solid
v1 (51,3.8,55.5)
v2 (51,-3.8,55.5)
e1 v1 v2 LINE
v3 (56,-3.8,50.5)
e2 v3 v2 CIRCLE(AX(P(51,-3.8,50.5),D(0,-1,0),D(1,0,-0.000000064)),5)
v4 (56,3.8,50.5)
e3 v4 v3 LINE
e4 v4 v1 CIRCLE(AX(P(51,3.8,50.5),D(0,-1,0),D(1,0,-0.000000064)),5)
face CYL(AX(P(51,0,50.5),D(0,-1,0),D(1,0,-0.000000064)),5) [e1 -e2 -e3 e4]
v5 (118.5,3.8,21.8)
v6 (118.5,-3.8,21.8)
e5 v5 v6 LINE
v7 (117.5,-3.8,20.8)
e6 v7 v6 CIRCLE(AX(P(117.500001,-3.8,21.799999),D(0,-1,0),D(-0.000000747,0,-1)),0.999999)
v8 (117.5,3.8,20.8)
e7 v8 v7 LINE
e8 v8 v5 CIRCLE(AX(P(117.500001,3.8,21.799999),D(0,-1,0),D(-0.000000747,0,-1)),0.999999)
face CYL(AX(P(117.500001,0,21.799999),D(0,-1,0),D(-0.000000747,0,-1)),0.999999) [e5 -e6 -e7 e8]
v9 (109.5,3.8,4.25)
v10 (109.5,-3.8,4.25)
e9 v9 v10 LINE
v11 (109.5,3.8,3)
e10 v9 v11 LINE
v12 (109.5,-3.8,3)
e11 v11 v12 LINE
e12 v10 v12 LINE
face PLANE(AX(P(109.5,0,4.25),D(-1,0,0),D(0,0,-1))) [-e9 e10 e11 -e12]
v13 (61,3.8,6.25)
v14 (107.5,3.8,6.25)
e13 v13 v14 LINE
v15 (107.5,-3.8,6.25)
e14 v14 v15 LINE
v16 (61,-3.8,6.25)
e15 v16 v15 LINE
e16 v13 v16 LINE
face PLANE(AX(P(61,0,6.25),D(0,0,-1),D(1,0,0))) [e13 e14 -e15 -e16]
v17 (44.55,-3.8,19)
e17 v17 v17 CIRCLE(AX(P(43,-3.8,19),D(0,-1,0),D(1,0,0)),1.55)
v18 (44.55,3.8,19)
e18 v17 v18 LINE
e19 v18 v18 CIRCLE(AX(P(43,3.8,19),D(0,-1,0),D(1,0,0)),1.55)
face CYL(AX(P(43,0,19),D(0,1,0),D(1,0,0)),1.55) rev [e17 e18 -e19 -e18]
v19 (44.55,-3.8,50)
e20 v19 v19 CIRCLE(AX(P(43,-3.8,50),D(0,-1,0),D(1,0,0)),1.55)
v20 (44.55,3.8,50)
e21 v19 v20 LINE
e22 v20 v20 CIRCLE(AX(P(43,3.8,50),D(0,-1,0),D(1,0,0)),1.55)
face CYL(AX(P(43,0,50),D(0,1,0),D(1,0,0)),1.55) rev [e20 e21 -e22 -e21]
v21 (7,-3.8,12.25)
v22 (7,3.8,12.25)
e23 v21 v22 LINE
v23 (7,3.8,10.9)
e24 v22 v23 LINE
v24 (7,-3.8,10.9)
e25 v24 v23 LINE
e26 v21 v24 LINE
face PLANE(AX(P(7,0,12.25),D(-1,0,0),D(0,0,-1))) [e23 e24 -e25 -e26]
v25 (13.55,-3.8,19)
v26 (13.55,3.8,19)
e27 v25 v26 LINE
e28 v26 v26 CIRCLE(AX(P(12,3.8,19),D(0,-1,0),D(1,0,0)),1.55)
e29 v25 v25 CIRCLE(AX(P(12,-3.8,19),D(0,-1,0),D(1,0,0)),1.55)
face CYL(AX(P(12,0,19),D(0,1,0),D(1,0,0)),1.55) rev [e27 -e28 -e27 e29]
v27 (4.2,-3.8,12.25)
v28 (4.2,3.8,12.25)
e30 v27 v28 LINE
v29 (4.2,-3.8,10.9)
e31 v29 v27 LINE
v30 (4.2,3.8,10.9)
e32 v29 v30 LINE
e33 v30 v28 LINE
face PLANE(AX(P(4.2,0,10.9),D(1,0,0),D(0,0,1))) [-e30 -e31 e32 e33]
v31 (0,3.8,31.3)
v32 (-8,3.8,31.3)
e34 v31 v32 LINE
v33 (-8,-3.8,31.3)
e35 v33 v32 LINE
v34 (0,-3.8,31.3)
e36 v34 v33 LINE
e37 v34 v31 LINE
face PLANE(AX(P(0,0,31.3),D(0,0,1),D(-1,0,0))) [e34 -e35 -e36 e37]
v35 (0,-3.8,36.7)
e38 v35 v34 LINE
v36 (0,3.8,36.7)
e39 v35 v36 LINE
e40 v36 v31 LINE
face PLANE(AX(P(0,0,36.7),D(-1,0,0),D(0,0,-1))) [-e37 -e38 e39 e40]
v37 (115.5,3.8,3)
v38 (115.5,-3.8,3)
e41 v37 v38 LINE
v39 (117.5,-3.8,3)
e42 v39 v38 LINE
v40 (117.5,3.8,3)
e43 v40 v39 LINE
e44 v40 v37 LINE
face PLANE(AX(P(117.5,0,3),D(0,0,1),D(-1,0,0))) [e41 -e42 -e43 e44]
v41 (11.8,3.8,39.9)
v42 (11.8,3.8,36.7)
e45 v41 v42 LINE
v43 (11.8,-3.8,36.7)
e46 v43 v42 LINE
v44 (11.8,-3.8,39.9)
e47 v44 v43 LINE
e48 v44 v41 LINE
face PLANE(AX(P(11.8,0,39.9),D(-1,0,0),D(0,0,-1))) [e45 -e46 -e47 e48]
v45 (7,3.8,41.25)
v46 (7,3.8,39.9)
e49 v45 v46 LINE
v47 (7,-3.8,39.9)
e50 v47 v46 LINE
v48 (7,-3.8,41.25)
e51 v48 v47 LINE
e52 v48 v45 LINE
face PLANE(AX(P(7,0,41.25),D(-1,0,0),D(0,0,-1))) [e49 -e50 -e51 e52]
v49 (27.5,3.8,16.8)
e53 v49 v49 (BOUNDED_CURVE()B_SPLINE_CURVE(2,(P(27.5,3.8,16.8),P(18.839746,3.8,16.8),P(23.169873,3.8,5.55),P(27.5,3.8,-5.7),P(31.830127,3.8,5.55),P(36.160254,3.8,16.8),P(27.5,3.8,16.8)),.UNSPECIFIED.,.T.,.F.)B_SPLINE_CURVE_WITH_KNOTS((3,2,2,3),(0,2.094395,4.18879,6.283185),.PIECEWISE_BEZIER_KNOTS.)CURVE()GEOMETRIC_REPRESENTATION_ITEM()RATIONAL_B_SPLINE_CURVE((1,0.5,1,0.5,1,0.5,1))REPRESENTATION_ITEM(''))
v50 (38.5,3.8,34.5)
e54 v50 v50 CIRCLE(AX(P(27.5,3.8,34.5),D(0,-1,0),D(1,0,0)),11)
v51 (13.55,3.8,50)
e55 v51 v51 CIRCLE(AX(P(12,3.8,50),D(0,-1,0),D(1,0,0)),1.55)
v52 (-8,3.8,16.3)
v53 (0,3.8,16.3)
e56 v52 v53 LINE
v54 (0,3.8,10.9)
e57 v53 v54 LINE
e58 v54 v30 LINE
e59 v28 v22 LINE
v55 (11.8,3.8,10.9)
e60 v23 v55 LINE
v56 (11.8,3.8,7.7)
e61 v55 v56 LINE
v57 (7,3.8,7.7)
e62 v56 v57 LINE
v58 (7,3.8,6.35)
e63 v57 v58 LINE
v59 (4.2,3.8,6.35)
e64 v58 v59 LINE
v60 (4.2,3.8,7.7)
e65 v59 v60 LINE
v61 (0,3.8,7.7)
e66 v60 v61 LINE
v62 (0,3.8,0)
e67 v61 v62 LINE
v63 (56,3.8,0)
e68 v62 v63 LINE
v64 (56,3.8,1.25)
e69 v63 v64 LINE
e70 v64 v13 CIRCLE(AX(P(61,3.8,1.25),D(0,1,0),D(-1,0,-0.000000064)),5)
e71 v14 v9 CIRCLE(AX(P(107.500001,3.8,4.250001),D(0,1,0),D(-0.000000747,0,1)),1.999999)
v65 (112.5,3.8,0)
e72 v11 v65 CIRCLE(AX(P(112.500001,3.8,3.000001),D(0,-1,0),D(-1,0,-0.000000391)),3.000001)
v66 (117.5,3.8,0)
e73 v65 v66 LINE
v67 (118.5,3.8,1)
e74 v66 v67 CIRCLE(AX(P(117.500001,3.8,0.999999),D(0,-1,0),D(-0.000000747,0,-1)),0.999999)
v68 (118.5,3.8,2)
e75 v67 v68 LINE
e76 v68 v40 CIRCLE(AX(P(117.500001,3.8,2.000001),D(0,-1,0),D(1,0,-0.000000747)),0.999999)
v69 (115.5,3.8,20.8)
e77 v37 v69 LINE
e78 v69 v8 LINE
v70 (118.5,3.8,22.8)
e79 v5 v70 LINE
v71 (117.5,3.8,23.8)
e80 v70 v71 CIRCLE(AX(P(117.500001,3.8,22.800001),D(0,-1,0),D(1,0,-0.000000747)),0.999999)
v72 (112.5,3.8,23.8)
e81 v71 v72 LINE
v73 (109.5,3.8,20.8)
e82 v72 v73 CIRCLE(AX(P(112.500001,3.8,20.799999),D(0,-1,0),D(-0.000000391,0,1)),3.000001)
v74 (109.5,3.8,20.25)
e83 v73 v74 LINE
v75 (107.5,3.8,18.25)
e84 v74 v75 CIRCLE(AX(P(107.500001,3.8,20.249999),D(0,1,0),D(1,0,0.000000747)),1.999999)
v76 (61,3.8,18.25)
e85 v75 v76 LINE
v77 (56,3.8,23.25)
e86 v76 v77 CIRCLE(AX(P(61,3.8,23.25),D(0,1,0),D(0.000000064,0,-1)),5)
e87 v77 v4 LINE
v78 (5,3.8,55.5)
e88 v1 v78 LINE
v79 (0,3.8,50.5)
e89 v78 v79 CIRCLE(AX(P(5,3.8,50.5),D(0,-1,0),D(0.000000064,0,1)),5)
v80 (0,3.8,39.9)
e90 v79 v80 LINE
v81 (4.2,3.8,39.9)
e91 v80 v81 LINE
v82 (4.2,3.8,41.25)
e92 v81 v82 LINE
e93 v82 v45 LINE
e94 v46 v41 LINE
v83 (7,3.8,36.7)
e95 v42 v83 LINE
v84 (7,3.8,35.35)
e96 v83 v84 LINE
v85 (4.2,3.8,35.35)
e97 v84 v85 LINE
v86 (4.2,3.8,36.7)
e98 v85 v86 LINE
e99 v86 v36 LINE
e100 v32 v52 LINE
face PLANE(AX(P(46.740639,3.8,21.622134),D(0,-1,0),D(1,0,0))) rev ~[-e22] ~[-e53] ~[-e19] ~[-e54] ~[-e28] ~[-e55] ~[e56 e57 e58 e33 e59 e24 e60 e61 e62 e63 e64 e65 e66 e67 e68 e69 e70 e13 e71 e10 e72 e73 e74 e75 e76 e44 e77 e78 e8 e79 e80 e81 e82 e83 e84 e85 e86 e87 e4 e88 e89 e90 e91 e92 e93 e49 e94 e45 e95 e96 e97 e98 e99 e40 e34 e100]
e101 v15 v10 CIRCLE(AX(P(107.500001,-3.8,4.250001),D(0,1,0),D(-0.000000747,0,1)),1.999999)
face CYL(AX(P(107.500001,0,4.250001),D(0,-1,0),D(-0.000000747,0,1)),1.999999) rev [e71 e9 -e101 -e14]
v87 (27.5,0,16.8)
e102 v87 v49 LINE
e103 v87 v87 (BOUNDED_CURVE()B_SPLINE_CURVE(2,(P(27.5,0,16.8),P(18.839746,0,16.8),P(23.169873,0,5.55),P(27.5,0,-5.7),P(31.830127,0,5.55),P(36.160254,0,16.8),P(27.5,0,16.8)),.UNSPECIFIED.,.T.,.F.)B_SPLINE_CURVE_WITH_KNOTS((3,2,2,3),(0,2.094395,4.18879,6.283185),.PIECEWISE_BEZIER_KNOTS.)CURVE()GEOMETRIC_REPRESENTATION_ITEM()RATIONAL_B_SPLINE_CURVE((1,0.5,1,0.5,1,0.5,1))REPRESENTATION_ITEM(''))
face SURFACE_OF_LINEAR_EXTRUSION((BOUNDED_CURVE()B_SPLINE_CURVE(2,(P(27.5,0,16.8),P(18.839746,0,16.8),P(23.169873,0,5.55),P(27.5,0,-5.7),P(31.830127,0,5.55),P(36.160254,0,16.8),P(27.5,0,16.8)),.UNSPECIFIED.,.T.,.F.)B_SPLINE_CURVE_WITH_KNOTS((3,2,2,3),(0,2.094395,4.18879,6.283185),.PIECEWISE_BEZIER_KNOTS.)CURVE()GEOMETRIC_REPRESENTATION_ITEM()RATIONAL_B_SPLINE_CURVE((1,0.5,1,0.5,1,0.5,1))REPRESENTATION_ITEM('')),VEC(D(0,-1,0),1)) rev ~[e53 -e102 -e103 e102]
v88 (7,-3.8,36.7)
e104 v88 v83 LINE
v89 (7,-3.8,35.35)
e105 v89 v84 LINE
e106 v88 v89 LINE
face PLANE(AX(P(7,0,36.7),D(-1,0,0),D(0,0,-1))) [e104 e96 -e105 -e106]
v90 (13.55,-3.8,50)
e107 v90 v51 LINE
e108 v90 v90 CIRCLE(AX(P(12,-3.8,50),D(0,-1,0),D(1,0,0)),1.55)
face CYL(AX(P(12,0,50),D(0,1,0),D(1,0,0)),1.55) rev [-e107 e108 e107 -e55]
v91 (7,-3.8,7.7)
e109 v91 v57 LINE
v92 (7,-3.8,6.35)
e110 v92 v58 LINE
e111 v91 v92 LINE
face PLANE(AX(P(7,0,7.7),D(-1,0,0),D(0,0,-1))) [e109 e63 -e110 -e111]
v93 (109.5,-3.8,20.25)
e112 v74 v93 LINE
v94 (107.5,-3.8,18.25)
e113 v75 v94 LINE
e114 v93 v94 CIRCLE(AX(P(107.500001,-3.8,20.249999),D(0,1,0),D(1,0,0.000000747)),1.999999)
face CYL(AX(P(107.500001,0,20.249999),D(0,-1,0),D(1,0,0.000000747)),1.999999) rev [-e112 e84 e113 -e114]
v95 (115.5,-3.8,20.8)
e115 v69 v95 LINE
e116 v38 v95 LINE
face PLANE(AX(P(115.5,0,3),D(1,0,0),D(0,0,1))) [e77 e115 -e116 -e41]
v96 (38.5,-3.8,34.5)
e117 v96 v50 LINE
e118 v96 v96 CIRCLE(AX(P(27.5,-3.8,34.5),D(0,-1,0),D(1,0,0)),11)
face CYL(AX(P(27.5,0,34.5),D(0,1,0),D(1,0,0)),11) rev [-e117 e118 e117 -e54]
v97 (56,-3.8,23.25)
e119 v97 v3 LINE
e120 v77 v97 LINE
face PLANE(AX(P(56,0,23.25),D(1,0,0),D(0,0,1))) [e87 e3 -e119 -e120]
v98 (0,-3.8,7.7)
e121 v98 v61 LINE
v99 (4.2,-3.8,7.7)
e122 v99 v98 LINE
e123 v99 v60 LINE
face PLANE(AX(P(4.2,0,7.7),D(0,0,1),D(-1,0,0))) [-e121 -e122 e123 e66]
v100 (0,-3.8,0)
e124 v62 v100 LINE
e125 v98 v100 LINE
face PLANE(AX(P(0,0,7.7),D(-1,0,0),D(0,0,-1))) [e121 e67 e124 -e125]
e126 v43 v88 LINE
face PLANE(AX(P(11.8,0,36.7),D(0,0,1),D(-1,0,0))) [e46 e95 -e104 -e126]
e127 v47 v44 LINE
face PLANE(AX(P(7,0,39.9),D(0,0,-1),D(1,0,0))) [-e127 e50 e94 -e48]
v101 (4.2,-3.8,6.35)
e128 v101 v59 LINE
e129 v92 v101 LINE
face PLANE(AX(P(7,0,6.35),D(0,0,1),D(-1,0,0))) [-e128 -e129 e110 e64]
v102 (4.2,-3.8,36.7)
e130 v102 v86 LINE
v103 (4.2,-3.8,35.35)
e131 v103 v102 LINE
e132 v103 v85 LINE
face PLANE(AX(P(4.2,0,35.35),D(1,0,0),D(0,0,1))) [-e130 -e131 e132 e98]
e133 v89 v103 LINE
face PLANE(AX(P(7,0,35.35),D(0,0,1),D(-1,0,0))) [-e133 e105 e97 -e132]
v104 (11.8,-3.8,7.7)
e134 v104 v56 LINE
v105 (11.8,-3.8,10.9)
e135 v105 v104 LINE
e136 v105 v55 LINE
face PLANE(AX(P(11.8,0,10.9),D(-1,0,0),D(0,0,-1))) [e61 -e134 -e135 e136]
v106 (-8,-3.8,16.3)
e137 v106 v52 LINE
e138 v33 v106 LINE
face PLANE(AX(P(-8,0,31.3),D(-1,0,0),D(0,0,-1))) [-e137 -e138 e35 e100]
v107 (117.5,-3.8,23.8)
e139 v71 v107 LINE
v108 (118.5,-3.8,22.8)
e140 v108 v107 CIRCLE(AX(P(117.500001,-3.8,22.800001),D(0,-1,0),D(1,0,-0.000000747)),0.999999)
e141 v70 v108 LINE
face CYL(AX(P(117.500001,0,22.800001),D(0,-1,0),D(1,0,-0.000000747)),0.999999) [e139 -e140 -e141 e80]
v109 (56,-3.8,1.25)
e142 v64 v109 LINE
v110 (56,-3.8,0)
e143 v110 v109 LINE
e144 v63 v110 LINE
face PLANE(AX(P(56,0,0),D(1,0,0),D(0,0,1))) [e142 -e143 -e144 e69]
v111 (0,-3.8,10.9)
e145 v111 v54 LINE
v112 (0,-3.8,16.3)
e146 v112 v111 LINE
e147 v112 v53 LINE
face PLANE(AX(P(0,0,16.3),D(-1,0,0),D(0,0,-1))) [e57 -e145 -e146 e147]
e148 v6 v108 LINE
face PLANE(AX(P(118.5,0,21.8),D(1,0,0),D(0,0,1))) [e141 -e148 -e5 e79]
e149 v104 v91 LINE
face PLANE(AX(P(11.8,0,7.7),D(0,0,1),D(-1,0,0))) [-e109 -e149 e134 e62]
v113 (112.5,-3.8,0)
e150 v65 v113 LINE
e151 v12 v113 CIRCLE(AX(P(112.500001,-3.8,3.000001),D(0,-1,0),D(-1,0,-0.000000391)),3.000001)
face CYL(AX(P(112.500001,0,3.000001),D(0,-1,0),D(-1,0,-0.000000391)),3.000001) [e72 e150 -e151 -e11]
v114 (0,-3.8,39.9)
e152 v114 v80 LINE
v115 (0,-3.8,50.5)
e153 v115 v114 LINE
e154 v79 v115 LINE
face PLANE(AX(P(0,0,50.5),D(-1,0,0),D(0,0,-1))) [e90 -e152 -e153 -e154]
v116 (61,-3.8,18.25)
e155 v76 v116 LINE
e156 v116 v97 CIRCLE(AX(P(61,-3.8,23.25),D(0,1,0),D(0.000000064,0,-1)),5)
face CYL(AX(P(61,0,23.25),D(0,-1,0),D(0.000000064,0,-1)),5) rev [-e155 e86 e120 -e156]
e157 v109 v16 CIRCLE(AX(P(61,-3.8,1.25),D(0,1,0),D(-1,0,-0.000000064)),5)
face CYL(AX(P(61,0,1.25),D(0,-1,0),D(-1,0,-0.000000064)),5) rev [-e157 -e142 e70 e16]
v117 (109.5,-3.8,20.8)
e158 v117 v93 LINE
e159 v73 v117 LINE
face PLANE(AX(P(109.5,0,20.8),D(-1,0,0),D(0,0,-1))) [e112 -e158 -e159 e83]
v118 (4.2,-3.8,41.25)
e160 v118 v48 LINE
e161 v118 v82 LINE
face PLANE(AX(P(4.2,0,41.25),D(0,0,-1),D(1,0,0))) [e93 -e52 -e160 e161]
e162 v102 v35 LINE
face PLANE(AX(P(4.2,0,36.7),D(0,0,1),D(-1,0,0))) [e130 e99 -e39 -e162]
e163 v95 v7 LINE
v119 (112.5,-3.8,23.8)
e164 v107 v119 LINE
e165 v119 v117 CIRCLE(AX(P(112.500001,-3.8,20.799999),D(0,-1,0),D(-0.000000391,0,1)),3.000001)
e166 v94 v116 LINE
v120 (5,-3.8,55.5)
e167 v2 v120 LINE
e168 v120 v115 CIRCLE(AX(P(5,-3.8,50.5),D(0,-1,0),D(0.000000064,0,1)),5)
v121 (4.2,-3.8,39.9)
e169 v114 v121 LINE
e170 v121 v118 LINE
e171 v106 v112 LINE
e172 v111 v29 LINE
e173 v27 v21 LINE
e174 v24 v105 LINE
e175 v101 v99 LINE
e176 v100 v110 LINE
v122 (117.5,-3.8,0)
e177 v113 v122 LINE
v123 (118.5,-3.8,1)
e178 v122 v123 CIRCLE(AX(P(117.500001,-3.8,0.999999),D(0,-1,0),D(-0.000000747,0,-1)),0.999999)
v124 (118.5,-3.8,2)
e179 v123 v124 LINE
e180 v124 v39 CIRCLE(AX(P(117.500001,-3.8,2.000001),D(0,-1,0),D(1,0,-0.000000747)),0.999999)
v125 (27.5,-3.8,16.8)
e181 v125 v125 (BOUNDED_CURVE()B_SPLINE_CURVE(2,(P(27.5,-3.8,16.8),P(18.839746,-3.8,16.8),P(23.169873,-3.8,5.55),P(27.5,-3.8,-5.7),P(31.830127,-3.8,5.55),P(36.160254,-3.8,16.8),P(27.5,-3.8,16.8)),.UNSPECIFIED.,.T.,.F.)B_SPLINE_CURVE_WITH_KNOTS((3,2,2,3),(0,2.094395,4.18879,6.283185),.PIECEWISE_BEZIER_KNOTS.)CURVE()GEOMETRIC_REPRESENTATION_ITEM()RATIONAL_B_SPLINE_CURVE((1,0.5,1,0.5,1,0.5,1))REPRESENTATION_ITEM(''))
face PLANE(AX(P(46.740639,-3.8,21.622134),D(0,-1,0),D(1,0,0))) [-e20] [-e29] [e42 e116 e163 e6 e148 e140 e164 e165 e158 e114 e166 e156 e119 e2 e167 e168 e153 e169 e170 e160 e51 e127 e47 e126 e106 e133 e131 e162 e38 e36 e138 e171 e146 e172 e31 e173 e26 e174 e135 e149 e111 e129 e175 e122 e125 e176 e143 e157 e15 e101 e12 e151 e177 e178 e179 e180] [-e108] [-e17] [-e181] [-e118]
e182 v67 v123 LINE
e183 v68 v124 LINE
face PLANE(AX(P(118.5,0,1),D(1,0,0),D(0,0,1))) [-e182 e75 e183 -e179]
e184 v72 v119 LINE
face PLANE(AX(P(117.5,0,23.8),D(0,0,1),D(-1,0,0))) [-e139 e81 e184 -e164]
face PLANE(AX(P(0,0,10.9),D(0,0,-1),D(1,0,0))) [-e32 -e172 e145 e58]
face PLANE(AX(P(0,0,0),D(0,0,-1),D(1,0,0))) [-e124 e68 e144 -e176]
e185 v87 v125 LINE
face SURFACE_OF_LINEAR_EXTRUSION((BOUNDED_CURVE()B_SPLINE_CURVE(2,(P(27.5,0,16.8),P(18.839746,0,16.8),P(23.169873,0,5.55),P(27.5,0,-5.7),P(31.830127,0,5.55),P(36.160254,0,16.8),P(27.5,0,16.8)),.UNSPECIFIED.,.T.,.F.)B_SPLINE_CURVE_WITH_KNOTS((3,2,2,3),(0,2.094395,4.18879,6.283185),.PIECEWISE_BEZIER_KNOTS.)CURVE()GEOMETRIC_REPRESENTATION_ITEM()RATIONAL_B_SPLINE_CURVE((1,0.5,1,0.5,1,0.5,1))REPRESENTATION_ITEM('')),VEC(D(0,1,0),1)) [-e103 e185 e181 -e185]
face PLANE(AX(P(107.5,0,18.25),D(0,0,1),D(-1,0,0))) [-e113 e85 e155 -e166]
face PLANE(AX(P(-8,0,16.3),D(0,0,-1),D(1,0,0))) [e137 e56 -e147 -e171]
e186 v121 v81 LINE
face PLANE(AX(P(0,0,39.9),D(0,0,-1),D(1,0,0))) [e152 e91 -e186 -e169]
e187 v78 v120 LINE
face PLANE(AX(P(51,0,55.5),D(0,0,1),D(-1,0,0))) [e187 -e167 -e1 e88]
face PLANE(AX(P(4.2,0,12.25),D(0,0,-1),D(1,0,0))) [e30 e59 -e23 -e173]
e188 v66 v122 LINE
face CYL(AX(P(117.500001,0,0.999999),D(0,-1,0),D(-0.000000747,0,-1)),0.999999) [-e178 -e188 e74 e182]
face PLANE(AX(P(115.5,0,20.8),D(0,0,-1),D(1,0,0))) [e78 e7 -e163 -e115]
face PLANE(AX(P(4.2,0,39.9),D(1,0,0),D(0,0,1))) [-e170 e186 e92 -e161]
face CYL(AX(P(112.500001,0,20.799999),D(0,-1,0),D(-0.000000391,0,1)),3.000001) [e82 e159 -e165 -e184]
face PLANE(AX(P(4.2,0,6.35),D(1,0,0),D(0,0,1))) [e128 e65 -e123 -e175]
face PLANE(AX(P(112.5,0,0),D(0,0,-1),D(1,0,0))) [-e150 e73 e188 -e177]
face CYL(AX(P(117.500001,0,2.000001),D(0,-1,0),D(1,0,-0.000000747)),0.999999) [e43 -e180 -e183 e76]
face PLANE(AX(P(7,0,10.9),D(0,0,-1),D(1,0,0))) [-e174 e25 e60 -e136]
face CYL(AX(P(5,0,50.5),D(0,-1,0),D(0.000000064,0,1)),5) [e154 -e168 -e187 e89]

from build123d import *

# Parameters (mm, degrees)
F0_R     = 1.55
F0_R_2   = 11
F1_DEPTH = 3.8


with BuildPart() as f1:
    # F0 (on Front) → F1 (new body, symmetric)
    with BuildSketch(Plane.XZ):
        with BuildLine():
            Line((0, 7.7), (0, 0))
            Line((0, 0), (56, 0))
            Line((56, 0), (56, 1.25))
            ThreePointArc((56, 1.25), (57.464466, 4.785534), (61, 6.25))
            Line((61, 6.25), (107.5, 6.25))
            ThreePointArc((107.5, 6.25), (108.914214, 5.664214), (109.5, 4.25))
            Line((109.5, 4.25), (109.5, 3))
            ThreePointArc((109.5, 3), (110.37868, 0.87868), (112.5, 0))
            Line((112.5, 0), (117.5, 0))
            ThreePointArc((117.5, 0), (118.207107, 0.292893), (118.5, 1))
            Line((118.5, 1), (118.5, 2))
            ThreePointArc((118.5, 2), (118.207107, 2.707107), (117.5, 3))
            Line((117.5, 3), (115.5, 3))
            Line((115.5, 3), (115.5, 20.8))
            Line((115.5, 20.8), (117.5, 20.8))
            ThreePointArc((117.5, 20.8), (118.207107, 21.092893), (118.5, 21.8))
            Line((118.5, 21.8), (118.5, 22.8))
            ThreePointArc((118.5, 22.8), (118.207107, 23.507107), (117.5, 23.8))
            Line((117.5, 23.8), (112.5, 23.8))
            ThreePointArc((112.5, 23.8), (110.37868, 22.92132), (109.5, 20.8))
            Line((109.5, 20.8), (109.5, 20.25))
            ThreePointArc((109.5, 20.25), (108.914214, 18.835786), (107.5, 18.25))
            Line((107.5, 18.25), (61, 18.25))
            ThreePointArc((61, 18.25), (57.464466, 19.714466), (56, 23.25))
            Line((56, 23.25), (56, 50.5))
            ThreePointArc((56, 50.5), (54.535534, 54.035534), (51, 55.5))
            Line((51, 55.5), (5, 55.5))
            ThreePointArc((5, 55.5), (1.464466, 54.035534), (0, 50.5))
            Line((0, 50.5), (0, 39.9))
            Line((0, 39.9), (4.2, 39.9))
            Line((4.2, 39.9), (4.2, 41.25))
            Line((4.2, 41.25), (7, 41.25))
            Line((7, 41.25), (7, 39.9))
            Line((7, 39.9), (11.8, 39.9))
            Line((11.8, 39.9), (11.8, 38.3))
            Line((11.8, 38.3), (11.8, 36.7))
            Line((11.8, 36.7), (7, 36.7))
            Line((7, 36.7), (7, 35.35))
            Line((7, 35.35), (4.2, 35.35))
            Line((4.2, 35.35), (4.2, 36.7))
            Line((4.2, 36.7), (0, 36.7))
            Line((0, 36.7), (0, 31.3))
            Line((0, 31.3), (-8, 31.3))
            Line((-8, 31.3), (-8, 16.3))
            Line((-8, 16.3), (0, 16.3))
            Line((0, 16.3), (0, 10.9))
            Line((0, 10.9), (4.2, 10.9))
            Line((4.2, 10.9), (4.2, 12.25))
            Line((4.2, 12.25), (7, 12.25))
            Line((7, 12.25), (7, 10.9))
            Line((7, 10.9), (11.8, 10.9))
            Line((11.8, 10.9), (11.8, 9.3))
            Line((11.8, 9.3), (11.8, 7.7))
            Line((11.8, 7.7), (7, 7.7))
            Line((7, 7.7), (7, 6.35))
            Line((7, 6.35), (4.2, 6.35))
            Line((4.2, 6.35), (4.2, 7.7))
            Line((4.2, 7.7), (0, 7.7))
        make_face()
        with BuildLine():
            add(Edge.make_bspline(
                [(27.5, 16.8), (18.839746, 16.8), (23.169873, 5.55), (27.5, -5.7), (31.830127, 5.55), (36.160254, 16.8), (27.5, 16.8)],
                knots=[0, 0, 0, 2.094395, 2.094395, 4.18879, 4.18879, 6.283185, 6.283185, 6.283185], degree=2, weights=[1, 0.5, 1, 0.5, 1, 0.5, 1]))
        make_face(mode=Mode.SUBTRACT)
        with Locations((12, 19)):
            Circle(F0_R, mode=Mode.SUBTRACT)
        with Locations((43, 19)):
            Circle(F0_R, mode=Mode.SUBTRACT)
        with Locations((27.5, 34.5)):
            Circle(F0_R_2, mode=Mode.SUBTRACT)
        with Locations((12, 50)):
            Circle(F0_R, mode=Mode.SUBTRACT)
        with Locations((43, 50)):
            Circle(F0_R, mode=Mode.SUBTRACT)
    extrude(amount=F1_DEPTH, both=True)


solid = f1.part
